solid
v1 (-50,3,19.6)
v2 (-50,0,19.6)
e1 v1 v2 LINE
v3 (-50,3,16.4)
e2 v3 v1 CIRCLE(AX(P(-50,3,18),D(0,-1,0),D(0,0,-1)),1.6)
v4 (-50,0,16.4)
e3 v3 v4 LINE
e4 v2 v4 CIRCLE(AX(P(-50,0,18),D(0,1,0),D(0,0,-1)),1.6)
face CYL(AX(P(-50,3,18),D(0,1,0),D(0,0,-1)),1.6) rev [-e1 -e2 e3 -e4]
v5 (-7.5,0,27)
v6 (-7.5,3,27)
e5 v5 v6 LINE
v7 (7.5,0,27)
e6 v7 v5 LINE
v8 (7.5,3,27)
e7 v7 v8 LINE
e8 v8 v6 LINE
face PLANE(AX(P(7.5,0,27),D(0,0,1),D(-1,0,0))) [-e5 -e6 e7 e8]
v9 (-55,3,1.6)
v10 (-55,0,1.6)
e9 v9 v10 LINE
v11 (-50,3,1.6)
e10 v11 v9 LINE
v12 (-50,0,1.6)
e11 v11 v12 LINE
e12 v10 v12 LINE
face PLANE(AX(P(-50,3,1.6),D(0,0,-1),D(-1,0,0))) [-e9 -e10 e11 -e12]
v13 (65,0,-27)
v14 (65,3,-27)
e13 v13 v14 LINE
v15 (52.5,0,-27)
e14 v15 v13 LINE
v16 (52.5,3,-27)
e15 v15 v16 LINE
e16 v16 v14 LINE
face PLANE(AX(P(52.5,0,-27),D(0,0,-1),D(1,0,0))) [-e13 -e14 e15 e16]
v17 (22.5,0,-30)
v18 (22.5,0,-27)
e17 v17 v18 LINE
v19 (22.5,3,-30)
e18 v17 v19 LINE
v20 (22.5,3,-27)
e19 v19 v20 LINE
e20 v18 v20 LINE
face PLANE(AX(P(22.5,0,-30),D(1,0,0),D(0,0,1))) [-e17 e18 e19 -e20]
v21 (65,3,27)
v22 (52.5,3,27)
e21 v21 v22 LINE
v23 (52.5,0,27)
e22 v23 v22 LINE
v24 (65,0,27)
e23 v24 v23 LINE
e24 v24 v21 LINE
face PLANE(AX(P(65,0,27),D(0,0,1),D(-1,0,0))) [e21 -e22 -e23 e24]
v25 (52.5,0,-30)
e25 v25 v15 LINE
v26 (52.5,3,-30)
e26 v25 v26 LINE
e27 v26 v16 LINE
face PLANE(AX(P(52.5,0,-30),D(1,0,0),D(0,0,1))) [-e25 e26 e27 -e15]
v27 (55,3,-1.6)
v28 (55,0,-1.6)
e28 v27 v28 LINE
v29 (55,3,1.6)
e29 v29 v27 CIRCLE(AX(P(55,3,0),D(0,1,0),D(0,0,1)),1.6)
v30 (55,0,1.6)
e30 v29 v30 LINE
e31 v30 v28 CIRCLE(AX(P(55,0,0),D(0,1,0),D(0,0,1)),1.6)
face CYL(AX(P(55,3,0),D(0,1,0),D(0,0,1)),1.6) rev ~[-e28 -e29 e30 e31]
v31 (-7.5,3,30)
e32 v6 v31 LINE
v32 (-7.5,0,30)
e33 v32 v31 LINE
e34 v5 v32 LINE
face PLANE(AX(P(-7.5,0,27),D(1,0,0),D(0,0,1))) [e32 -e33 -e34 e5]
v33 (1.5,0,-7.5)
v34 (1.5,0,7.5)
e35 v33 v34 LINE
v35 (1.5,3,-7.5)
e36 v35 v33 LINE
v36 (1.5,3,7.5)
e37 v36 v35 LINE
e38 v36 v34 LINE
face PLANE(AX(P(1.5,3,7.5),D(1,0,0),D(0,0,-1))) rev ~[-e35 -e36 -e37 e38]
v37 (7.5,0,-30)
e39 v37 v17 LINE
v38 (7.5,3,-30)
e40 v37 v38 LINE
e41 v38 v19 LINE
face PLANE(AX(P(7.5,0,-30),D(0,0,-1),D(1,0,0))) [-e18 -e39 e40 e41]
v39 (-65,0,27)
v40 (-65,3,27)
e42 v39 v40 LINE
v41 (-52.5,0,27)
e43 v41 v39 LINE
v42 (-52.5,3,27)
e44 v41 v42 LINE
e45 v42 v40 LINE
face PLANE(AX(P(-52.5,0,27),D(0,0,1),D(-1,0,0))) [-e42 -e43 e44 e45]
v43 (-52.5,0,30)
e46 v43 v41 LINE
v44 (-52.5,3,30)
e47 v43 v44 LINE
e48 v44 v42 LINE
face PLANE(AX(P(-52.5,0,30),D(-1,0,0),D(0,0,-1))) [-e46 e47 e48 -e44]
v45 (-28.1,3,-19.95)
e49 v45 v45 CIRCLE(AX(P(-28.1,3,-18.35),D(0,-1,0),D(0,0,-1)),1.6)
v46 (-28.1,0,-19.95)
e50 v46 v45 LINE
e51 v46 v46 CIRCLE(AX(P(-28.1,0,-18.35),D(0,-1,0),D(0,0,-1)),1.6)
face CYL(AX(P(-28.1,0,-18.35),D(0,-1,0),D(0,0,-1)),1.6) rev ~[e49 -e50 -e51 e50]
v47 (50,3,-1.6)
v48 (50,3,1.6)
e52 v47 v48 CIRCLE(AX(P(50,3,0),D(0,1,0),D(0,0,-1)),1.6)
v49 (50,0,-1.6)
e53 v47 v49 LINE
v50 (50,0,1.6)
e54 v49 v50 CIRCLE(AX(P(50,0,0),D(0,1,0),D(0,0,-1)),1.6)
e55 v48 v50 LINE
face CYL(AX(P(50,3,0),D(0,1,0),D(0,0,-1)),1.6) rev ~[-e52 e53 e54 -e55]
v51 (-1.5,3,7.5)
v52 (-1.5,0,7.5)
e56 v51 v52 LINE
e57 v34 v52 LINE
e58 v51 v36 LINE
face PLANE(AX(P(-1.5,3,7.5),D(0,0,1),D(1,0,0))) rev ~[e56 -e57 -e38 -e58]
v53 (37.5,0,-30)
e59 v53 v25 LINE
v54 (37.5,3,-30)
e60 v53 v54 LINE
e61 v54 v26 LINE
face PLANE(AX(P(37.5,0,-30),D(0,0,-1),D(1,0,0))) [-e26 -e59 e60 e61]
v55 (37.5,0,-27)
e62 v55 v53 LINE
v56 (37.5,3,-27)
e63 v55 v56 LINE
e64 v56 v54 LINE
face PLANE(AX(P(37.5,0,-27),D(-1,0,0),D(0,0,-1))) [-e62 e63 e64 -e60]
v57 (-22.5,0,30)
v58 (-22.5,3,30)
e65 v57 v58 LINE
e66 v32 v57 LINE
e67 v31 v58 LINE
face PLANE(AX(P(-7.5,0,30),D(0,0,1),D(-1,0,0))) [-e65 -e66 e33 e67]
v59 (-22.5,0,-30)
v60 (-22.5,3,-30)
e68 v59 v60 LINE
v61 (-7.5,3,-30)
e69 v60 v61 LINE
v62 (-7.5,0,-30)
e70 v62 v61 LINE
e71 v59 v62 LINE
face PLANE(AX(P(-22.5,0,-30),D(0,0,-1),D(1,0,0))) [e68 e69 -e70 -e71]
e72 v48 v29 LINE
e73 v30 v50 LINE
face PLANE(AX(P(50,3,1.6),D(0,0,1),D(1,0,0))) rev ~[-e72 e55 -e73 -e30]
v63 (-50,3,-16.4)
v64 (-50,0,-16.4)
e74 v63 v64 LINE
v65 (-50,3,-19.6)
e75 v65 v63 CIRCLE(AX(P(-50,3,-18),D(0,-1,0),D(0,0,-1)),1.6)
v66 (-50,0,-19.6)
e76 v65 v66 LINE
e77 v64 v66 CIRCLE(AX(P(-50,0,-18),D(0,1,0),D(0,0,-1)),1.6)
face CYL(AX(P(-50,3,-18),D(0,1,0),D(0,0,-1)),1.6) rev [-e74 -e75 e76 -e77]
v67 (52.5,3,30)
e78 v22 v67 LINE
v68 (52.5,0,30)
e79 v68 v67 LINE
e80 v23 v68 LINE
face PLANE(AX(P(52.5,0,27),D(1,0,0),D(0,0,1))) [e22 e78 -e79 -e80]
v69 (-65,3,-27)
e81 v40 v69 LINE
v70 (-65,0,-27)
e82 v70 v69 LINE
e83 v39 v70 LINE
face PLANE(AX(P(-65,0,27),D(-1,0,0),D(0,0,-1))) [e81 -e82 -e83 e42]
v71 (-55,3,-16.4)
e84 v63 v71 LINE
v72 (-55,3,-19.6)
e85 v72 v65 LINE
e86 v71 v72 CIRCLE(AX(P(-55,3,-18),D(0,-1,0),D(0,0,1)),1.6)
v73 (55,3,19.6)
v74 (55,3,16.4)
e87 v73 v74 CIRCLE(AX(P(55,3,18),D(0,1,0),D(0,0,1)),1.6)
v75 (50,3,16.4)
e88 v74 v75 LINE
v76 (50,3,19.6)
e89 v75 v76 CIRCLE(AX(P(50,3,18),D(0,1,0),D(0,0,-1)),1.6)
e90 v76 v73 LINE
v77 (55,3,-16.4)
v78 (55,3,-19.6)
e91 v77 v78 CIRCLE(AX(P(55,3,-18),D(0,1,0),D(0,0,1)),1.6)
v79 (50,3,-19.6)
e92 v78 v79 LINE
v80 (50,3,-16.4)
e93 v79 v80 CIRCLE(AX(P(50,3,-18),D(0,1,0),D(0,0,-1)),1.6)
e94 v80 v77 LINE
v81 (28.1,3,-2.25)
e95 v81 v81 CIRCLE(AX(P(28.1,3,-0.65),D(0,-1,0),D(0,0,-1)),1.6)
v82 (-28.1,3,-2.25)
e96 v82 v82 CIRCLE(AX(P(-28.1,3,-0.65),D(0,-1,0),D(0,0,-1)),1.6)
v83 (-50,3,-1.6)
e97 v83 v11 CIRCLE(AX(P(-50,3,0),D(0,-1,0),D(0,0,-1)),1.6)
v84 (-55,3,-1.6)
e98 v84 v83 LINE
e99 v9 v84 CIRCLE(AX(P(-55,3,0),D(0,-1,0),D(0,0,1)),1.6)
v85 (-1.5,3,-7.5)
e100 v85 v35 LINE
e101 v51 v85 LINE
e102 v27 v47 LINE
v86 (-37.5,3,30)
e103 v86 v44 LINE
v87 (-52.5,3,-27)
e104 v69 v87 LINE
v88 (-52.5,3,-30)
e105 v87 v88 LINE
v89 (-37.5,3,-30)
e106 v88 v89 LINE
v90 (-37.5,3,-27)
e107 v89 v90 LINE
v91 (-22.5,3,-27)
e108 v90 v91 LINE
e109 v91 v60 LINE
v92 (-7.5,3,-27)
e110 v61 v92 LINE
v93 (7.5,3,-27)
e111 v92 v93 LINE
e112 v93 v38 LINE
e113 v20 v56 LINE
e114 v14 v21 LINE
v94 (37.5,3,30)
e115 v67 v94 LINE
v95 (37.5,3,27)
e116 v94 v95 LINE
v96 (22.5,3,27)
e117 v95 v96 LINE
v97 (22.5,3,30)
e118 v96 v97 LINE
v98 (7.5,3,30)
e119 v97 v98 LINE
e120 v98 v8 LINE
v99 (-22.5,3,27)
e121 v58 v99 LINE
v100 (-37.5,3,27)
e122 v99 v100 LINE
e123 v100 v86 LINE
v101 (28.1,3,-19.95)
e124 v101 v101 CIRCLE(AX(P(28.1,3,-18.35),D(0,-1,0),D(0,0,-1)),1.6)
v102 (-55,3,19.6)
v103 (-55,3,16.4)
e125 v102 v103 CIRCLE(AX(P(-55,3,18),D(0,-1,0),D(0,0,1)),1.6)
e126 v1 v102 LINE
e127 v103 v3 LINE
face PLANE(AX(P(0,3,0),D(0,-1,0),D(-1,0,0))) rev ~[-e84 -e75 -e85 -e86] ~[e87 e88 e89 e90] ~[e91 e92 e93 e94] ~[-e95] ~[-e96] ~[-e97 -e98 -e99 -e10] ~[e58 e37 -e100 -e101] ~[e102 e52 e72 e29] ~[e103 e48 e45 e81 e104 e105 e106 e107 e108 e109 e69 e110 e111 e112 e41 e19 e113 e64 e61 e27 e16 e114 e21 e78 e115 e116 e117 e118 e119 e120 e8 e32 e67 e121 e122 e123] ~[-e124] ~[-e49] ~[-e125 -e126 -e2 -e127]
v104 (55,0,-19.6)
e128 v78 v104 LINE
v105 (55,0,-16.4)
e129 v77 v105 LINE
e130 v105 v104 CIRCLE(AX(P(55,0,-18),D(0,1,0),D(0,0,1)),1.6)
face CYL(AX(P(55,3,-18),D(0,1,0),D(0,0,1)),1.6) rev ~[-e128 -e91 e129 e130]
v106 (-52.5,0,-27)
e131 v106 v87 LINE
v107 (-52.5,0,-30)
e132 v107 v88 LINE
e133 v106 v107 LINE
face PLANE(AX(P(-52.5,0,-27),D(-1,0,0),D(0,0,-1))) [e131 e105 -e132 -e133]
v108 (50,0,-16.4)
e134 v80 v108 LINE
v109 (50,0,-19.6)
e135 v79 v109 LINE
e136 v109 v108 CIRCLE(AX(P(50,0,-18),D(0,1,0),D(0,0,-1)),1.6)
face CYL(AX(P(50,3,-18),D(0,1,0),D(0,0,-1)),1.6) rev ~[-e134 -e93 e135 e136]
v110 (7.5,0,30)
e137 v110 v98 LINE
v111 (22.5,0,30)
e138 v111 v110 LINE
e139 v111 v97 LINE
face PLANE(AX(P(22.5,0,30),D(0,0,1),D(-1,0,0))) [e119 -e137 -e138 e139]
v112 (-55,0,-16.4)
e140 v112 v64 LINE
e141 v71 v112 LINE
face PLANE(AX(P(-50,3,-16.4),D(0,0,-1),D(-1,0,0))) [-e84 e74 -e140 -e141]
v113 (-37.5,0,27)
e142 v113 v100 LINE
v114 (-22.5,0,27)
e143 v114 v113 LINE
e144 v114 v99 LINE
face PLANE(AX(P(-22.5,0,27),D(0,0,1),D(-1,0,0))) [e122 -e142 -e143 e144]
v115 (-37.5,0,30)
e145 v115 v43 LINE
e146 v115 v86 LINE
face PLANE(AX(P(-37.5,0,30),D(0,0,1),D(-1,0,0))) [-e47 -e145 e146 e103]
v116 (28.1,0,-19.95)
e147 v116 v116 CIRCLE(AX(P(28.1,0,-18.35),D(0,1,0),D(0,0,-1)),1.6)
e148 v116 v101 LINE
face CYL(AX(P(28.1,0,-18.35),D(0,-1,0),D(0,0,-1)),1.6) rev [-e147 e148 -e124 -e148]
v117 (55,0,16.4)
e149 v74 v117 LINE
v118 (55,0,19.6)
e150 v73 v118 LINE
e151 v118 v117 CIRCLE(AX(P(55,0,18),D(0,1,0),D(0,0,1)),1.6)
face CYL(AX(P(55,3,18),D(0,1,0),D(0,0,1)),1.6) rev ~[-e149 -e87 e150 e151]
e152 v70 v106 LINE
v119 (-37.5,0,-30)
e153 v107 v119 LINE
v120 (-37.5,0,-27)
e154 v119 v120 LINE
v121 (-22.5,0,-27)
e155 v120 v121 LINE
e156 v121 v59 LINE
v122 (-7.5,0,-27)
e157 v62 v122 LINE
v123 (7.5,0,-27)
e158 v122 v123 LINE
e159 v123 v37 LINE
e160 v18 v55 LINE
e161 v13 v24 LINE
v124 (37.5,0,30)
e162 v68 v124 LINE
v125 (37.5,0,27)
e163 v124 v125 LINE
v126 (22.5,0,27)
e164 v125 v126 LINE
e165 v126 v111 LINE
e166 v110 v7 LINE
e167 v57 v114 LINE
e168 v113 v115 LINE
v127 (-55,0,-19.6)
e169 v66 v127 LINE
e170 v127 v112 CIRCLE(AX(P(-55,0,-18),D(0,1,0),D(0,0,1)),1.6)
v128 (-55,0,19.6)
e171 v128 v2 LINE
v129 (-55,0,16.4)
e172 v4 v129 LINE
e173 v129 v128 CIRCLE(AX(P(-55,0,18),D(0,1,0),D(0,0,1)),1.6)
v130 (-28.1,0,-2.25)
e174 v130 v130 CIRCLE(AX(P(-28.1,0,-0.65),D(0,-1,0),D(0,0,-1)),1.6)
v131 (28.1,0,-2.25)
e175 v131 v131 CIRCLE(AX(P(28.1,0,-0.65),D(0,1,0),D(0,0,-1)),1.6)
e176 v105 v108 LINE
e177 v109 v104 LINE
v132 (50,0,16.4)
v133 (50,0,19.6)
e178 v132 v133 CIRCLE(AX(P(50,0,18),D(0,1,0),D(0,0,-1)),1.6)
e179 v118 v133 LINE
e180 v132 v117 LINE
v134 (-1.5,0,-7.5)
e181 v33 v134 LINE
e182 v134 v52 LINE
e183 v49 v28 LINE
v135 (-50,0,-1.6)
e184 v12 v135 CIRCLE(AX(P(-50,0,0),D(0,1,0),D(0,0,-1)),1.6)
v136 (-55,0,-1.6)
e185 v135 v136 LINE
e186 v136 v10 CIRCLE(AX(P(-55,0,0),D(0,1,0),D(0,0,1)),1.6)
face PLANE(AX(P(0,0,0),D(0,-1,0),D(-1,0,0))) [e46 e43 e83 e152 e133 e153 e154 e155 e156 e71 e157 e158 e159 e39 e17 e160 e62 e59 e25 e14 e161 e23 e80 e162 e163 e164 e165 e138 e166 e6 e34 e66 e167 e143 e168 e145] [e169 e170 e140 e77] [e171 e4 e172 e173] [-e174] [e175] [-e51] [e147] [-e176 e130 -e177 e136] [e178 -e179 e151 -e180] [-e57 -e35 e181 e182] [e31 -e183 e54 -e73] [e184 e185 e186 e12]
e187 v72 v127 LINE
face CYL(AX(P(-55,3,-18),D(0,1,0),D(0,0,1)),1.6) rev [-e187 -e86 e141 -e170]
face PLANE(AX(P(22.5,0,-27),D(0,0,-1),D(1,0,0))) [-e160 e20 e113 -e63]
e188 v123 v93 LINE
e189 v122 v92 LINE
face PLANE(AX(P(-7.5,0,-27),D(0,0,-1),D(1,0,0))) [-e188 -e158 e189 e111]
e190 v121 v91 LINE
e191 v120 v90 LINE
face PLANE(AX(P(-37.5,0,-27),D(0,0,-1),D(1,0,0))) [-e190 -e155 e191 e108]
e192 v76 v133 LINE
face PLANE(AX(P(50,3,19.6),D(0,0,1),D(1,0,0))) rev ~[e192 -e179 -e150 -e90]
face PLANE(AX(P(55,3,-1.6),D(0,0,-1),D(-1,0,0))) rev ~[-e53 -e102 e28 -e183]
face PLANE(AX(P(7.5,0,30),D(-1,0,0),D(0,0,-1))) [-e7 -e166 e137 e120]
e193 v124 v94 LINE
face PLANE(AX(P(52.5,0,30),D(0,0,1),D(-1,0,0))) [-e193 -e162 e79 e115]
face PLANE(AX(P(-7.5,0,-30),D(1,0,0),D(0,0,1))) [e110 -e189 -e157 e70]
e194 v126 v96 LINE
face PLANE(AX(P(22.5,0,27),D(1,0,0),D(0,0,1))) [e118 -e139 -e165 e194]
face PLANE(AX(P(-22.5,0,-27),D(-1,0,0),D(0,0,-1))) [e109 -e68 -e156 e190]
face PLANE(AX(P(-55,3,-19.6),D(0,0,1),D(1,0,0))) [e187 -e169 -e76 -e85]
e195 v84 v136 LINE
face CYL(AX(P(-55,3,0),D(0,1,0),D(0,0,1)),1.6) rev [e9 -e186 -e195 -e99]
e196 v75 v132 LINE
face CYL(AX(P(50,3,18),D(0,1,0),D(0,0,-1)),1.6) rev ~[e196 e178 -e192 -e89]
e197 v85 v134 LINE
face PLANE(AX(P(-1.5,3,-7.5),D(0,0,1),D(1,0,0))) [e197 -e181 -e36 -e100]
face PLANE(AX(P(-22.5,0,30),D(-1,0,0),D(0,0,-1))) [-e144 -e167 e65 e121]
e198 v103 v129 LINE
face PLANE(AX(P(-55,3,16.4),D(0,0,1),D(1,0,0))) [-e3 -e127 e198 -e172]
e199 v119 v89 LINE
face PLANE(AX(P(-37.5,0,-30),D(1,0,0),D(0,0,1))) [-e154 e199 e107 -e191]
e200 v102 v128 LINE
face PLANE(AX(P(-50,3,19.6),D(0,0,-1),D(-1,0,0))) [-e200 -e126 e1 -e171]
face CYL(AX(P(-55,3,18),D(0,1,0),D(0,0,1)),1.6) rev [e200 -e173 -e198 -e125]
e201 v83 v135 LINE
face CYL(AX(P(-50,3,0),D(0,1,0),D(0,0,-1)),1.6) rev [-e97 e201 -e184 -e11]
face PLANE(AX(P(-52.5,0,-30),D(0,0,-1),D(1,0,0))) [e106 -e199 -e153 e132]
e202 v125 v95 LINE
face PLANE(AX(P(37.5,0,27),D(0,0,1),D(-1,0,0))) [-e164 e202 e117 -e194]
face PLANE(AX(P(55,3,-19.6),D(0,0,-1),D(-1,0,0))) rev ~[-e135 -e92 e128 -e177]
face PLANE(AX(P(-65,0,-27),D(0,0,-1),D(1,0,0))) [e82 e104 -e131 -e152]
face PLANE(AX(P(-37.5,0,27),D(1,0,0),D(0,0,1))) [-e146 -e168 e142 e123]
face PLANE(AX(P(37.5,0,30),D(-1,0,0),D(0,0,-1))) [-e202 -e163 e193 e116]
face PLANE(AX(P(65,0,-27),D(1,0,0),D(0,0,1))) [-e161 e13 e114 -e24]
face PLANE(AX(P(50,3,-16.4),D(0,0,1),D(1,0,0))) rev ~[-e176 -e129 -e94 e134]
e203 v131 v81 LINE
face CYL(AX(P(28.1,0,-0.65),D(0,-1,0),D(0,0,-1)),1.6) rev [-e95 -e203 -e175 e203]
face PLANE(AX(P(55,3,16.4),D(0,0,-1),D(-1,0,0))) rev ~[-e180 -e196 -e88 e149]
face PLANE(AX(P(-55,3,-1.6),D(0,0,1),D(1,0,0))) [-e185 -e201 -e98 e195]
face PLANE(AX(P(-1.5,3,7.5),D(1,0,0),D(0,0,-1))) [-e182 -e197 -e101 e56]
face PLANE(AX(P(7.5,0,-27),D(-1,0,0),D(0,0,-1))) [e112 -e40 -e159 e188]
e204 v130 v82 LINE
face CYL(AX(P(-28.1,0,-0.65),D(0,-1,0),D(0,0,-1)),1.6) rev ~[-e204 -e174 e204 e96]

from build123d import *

# Parameters (mm, degrees)
BOSS_EXTRUDE1_DEPTH = 3
CUT_EXTRUDE1_DEPTH  = 72.651936471
SKETCH3_W           = 3
SKETCH3_H           = 15
CUT_EXTRUDE2_DEPTH  = 72.651936471
SKETCH4_R           = 1.6
CUT_EXTRUDE3_DEPTH  = 72.651936471


with BuildPart() as part:
    # Sketch1 → Boss-Extrude1 (new body)
    with BuildSketch(Plane(origin=(0, 0, 0), x_dir=(1, 0, 0), z_dir=(0, 1, 0))):
        Polygon((-65, 27), (-52.5, 27), (-52.5, 30), (-37.5, 30), (-37.5, 27), (-22.5, 27), (-22.5, 30), (-7.5, 30), (-7.5, 27), (7.5, 27), (7.5, 30), (22.5, 30), (22.5, 27), (37.5, 27), (37.5, 30), (52.5, 30), (52.5, 27), (65, 27), (65, -27), (52.5, -27), (52.5, -30), (37.5, -30), (37.5, -27), (22.5, -27), (22.5, -30), (7.5, -30), (7.5, -27), (-7.5, -27), (-7.5, -30), (-22.5, -30), (-22.5, -27), (-37.5, -27), (-37.5, -30), (-52.5, -30), (-52.5, -27), (-65, -27), align=None)
    extrude(amount=BOSS_EXTRUDE1_DEPTH)

    # Sketch2 → Cut-Extrude1 (cut, through all)
    with BuildSketch(Plane(origin=(0, 3, 0), x_dir=(1, 0, 0), z_dir=(0, 1, 0))):
        with BuildLine():
            Line((-55, 1.6), (-50, 1.6))
            ThreePointArc((-50, 1.6), (-48.4, 0), (-50, -1.6))
            Line((-50, -1.6), (-55, -1.6))
            ThreePointArc((-55, -1.6), (-56.6, 0), (-55, 1.6))
        make_face()
        with BuildLine():
            Line((55, 1.6), (50, 1.6))
            ThreePointArc((50, 1.6), (48.4, 0), (50, -1.6))
            Line((50, -1.6), (55, -1.6))
            ThreePointArc((55, -1.6), (56.6, 0), (55, 1.6))
        make_face()
        with BuildLine():
            Line((-55, 19.6), (-50, 19.6))
            ThreePointArc((-50, 19.6), (-48.4, 18), (-50, 16.4))
            Line((-50, 16.4), (-55, 16.4))
            ThreePointArc((-55, 16.4), (-56.6, 18), (-55, 19.6))
        make_face()
        with BuildLine():
            Line((-55, -16.4), (-50, -16.4))
            ThreePointArc((-50, -16.4), (-48.4, -18), (-50, -19.6))
            Line((-50, -19.6), (-55, -19.6))
            ThreePointArc((-55, -19.6), (-56.6, -18), (-55, -16.4))
        make_face()
        with BuildLine():
            Line((55, 19.6), (50, 19.6))
            ThreePointArc((50, 19.6), (48.4, 18), (50, 16.4))
            Line((50, 16.4), (55, 16.4))
            ThreePointArc((55, 16.4), (56.6, 18), (55, 19.6))
        make_face()
        with BuildLine():
            Line((55, -16.4), (50, -16.4))
            ThreePointArc((50, -16.4), (48.4, -18), (50, -19.6))
            Line((50, -19.6), (55, -19.6))
            ThreePointArc((55, -19.6), (56.6, -18), (55, -16.4))
        make_face()
    extrude(amount=-CUT_EXTRUDE1_DEPTH, mode=Mode.SUBTRACT)

    # Sketch3 → Cut-Extrude2 (cut, through all)
    with BuildSketch(Plane(origin=(0, 3, 0), x_dir=(1, 0, 0), z_dir=(0, 1, 0))):
        Rectangle(SKETCH3_W, SKETCH3_H)
    extrude(amount=-CUT_EXTRUDE2_DEPTH, mode=Mode.SUBTRACT)

    # Sketch4 → Cut-Extrude3 (cut, through all)
    with BuildSketch(Plane.XZ):
        with Locations(Location((-28.1, -0.65, 0), (0, 0, 270))):
            Circle(SKETCH4_R)
        with Locations(Location((-28.1, -18.35, 0), (0, 0, 270))):
            Circle(SKETCH4_R)
    cut_extrude3 = extrude(amount=-CUT_EXTRUDE3_DEPTH, mode=Mode.SUBTRACT)

    # Mirror1: Cut-Extrude3 across plane
    add(cut_extrude3.mirror(Plane(origin=(0, 0, 0), x_dir=(0, 0, 1), z_dir=(1, 0, 0))), mode=Mode.SUBTRACT)


solid = part.part
